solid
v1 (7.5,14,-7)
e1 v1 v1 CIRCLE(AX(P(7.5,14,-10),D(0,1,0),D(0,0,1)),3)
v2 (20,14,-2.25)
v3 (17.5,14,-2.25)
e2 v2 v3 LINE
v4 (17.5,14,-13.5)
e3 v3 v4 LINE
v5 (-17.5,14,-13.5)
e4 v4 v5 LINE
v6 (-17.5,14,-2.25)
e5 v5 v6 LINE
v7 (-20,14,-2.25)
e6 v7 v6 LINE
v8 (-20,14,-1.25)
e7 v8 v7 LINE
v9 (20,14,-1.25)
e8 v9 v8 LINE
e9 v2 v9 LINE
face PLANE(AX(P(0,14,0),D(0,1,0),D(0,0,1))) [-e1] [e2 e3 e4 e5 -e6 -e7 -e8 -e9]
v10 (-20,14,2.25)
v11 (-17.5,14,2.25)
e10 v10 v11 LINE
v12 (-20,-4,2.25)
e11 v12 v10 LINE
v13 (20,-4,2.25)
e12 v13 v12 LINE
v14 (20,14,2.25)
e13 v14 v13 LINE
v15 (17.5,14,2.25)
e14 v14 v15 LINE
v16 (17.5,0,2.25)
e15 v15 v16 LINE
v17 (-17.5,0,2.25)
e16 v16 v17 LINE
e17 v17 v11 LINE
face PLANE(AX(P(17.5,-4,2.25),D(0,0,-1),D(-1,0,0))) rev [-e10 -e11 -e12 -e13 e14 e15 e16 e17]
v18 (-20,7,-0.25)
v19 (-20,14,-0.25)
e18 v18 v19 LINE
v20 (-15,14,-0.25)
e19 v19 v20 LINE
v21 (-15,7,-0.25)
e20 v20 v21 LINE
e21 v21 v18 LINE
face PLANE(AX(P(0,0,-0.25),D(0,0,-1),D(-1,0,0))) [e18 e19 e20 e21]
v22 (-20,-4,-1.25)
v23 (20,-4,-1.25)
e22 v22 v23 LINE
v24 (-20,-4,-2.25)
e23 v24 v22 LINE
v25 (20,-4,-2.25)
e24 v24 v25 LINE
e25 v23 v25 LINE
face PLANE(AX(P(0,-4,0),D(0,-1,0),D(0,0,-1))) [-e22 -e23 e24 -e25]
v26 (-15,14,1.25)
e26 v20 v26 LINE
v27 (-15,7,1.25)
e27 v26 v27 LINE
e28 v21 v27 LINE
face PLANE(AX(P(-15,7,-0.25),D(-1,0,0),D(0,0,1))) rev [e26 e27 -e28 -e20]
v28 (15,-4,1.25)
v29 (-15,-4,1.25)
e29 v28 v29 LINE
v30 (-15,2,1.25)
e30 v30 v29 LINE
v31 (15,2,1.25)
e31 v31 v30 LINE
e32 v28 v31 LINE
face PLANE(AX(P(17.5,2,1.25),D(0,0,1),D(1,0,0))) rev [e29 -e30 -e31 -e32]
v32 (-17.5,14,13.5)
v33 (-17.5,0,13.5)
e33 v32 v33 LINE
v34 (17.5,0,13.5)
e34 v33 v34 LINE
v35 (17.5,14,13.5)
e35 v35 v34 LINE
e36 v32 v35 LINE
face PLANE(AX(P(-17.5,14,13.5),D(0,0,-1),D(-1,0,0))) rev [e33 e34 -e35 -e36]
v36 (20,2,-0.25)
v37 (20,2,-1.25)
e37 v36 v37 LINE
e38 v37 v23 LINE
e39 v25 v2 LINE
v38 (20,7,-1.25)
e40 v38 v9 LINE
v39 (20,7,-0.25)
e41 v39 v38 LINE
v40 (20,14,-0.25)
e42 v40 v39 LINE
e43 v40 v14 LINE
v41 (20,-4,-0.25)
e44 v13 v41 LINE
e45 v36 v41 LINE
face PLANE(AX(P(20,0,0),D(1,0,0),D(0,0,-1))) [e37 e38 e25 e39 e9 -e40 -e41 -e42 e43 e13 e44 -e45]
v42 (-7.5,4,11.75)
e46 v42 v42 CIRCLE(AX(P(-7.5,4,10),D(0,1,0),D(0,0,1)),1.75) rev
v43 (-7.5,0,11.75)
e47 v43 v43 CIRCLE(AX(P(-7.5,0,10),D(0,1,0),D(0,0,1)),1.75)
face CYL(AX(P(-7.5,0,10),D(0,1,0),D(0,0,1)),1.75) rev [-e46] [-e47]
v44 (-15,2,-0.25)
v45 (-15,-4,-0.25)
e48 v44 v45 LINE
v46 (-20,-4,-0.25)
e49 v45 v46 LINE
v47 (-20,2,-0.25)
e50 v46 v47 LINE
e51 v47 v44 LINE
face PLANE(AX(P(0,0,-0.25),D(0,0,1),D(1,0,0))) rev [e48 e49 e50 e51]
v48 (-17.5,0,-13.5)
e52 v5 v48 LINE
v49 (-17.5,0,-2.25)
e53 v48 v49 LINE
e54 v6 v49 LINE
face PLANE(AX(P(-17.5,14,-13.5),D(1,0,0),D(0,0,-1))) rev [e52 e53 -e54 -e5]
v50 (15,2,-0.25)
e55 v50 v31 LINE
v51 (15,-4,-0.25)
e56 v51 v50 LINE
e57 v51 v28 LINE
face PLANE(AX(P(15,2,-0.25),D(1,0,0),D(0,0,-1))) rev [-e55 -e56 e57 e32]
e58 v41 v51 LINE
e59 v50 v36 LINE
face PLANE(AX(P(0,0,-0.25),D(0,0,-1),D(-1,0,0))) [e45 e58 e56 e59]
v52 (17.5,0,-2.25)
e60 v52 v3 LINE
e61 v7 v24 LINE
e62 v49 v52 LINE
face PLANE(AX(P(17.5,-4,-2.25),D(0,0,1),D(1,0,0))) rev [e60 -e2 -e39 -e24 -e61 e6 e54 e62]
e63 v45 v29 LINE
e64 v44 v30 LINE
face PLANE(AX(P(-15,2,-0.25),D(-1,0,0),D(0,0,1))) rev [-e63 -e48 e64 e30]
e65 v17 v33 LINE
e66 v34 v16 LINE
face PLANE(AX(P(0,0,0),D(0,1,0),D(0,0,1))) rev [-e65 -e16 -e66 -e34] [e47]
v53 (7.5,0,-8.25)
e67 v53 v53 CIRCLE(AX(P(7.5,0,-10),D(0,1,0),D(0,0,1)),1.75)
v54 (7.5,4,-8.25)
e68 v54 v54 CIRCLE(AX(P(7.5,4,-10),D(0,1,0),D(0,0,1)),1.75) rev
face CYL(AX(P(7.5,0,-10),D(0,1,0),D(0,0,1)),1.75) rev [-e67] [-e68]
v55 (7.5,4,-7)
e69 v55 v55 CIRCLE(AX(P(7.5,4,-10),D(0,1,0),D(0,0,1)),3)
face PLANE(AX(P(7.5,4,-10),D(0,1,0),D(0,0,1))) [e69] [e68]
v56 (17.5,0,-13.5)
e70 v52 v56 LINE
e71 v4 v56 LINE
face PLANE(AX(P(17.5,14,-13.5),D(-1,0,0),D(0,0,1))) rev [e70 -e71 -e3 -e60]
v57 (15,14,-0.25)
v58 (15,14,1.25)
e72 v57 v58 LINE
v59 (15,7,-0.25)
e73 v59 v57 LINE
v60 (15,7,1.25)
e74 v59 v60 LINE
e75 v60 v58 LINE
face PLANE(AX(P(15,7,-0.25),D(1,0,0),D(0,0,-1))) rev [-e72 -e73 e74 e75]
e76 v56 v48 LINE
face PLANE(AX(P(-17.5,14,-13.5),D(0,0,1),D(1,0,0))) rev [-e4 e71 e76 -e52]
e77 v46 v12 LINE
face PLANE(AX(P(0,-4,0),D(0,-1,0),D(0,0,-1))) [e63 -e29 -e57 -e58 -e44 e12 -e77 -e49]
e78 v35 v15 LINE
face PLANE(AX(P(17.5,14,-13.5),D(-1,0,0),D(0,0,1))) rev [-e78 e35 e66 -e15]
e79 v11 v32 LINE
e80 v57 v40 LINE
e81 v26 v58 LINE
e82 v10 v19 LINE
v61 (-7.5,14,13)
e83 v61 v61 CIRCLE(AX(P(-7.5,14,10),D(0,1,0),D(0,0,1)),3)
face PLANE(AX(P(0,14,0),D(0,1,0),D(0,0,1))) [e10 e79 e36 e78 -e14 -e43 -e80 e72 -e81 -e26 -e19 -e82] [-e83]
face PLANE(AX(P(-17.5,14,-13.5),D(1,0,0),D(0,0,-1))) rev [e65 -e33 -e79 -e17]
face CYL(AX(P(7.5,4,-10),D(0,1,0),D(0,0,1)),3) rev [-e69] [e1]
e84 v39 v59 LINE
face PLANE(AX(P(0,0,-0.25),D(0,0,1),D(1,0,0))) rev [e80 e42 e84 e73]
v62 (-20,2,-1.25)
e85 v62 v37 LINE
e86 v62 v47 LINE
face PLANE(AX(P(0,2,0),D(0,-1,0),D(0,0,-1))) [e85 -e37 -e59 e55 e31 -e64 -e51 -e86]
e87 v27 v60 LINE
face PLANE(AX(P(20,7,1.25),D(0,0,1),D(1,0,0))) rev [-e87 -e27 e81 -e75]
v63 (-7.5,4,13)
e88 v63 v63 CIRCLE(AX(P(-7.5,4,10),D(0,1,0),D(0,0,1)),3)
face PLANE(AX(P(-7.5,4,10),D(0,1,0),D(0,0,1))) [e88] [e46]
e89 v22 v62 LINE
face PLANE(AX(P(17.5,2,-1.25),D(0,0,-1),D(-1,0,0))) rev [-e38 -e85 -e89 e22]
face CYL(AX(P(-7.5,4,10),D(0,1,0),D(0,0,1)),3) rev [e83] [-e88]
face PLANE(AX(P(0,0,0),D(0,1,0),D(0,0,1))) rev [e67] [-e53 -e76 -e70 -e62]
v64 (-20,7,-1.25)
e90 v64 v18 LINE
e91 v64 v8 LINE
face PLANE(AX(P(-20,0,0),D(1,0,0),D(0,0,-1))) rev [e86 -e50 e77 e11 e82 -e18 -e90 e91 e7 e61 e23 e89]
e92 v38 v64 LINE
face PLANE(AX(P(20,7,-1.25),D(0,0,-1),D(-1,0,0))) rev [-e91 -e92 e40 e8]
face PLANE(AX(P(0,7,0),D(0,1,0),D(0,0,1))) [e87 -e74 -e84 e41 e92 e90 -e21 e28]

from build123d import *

# Parameters (mm, degrees)
SKETCH1_W           = 35
SKETCH1_H           = 27
BOSS_EXTRUDE1_DEPTH = 14
SKETCH2_R           = 1.75
CUT_EXTRUDE1_DEPTH  = 14
SKETCH9_R           = 3
CUT_EXTRUDE7_DEPTH  = 10
SKETCH10_W          = 35
SKETCH10_H          = 4.5
BOSS_EXTRUDE2_DEPTH = 4
SKETCH11_W          = 35
SKETCH11_H          = 2.5
CUT_EXTRUDE8_DEPTH  = 6
BOSS_EXTRUDE3_DEPTH = 2.5
BOSS_EXTRUDE4_DEPTH = 2.5
SKETCH14_W          = 5
SKETCH14_H          = 6
BOSS_EXTRUDE5_DEPTH = 1.5
SKETCH15_W          = 40
SKETCH15_H          = 2.5
CUT_EXTRUDE9_DEPTH  = 7
SKETCH16_W          = 5
SKETCH16_H          = 7
BOSS_EXTRUDE6_DEPTH = 1.5


with BuildPart() as part:
    # Sketch1 → Boss-Extrude1 (new body)
    with BuildSketch(Plane(origin=(0, 0, 0), x_dir=(1, 0, 0), z_dir=(0, 1, 0))):
        Rectangle(SKETCH1_W, SKETCH1_H)
    extrude(amount=BOSS_EXTRUDE1_DEPTH)

    # Sketch2 → Cut-Extrude1 (cut)
    with BuildSketch(Plane(origin=(0, 14, 0), x_dir=(1, 0, 0), z_dir=(0, 1, 0))):
        with Locations(Location((7.5, 10, 0), (0, 0, 270))):
            Circle(SKETCH2_R)
        with Locations(Location((-7.5, -10, 0), (0, 0, 270))):
            Circle(SKETCH2_R)
    extrude(amount=-CUT_EXTRUDE1_DEPTH, mode=Mode.SUBTRACT)

    # Sketch9 → Cut-Extrude7 (cut)
    with BuildSketch(Plane(origin=(0, 14, 0), x_dir=(1, 0, 0), z_dir=(0, 1, 0))):
        with Locations(Location((7.5, 10, 0), (0, 0, 270))):
            Circle(SKETCH9_R)
        with Locations(Location((-7.5, -10, 0), (0, 0, 270))):
            Circle(SKETCH9_R)
    extrude(amount=-CUT_EXTRUDE7_DEPTH, mode=Mode.SUBTRACT)

    # Sketch10 → Boss-Extrude2 (add)
    with BuildSketch(Plane.XZ):
        Rectangle(SKETCH10_W, SKETCH10_H)
    extrude(amount=BOSS_EXTRUDE2_DEPTH)

    # Sketch11 → Cut-Extrude8 (cut)
    with BuildSketch(Plane.XZ.offset(4)):
        Rectangle(SKETCH11_W, SKETCH11_H)
    extrude(amount=-CUT_EXTRUDE8_DEPTH, mode=Mode.SUBTRACT)

    # Sketch12 → Boss-Extrude3 (add)
    with BuildSketch(Plane.ZY.offset(17.5)):
        Polygon((-2.25, -4), (-2.25, 0), (-2.25, 14), (2.25, 14), (2.25, 0), (2.25, -4), (1.25, -4), (1.25, 2), (-1.25, 2), (-1.25, -4), align=None)
    extrude(amount=BOSS_EXTRUDE3_DEPTH)

    # Sketch13 → Boss-Extrude4 (add)
    with BuildSketch(Plane(origin=(17.5, 0, 0), x_dir=(0, 0, -1), z_dir=(1, 0, 0))):
        Polygon((2.25, -4), (2.25, 0), (2.25, 14), (-2.25, 14), (-2.25, 0), (-2.25, -4), (-1.25, -4), (-1.25, 2), (1.25, 2), (1.25, -4), align=None)
    extrude(amount=BOSS_EXTRUDE4_DEPTH)

    # Sketch14 → Boss-Extrude5 (add)
    with BuildSketch(Plane(origin=(0, 0, 1.25), x_dir=(-1, 0, 0), z_dir=(0, 0, -1))):
        with Locations((-17.5, -1)):
            Rectangle(SKETCH14_W, SKETCH14_H)
        with Locations((17.5, -1)):
            Rectangle(SKETCH14_W, SKETCH14_H)
    extrude(amount=BOSS_EXTRUDE5_DEPTH)

    # Sketch15 → Cut-Extrude9 (cut)
    with BuildSketch(Plane(origin=(0, 14, 0), x_dir=(1, 0, 0), z_dir=(0, 1, 0))):
        Rectangle(SKETCH15_W, SKETCH15_H)
    extrude(amount=-CUT_EXTRUDE9_DEPTH, mode=Mode.SUBTRACT)

    # Sketch16 → Boss-Extrude6 (add)
    with BuildSketch(Plane(origin=(0, 0, 1.25), x_dir=(-1, 0, 0), z_dir=(0, 0, -1))):
        with Locations((-17.5, 10.5)):
            Rectangle(SKETCH16_W, SKETCH16_H)
        with Locations((17.5, 10.5)):
            Rectangle(SKETCH16_W, SKETCH16_H)
    extrude(amount=BOSS_EXTRUDE6_DEPTH)


solid = part.part
